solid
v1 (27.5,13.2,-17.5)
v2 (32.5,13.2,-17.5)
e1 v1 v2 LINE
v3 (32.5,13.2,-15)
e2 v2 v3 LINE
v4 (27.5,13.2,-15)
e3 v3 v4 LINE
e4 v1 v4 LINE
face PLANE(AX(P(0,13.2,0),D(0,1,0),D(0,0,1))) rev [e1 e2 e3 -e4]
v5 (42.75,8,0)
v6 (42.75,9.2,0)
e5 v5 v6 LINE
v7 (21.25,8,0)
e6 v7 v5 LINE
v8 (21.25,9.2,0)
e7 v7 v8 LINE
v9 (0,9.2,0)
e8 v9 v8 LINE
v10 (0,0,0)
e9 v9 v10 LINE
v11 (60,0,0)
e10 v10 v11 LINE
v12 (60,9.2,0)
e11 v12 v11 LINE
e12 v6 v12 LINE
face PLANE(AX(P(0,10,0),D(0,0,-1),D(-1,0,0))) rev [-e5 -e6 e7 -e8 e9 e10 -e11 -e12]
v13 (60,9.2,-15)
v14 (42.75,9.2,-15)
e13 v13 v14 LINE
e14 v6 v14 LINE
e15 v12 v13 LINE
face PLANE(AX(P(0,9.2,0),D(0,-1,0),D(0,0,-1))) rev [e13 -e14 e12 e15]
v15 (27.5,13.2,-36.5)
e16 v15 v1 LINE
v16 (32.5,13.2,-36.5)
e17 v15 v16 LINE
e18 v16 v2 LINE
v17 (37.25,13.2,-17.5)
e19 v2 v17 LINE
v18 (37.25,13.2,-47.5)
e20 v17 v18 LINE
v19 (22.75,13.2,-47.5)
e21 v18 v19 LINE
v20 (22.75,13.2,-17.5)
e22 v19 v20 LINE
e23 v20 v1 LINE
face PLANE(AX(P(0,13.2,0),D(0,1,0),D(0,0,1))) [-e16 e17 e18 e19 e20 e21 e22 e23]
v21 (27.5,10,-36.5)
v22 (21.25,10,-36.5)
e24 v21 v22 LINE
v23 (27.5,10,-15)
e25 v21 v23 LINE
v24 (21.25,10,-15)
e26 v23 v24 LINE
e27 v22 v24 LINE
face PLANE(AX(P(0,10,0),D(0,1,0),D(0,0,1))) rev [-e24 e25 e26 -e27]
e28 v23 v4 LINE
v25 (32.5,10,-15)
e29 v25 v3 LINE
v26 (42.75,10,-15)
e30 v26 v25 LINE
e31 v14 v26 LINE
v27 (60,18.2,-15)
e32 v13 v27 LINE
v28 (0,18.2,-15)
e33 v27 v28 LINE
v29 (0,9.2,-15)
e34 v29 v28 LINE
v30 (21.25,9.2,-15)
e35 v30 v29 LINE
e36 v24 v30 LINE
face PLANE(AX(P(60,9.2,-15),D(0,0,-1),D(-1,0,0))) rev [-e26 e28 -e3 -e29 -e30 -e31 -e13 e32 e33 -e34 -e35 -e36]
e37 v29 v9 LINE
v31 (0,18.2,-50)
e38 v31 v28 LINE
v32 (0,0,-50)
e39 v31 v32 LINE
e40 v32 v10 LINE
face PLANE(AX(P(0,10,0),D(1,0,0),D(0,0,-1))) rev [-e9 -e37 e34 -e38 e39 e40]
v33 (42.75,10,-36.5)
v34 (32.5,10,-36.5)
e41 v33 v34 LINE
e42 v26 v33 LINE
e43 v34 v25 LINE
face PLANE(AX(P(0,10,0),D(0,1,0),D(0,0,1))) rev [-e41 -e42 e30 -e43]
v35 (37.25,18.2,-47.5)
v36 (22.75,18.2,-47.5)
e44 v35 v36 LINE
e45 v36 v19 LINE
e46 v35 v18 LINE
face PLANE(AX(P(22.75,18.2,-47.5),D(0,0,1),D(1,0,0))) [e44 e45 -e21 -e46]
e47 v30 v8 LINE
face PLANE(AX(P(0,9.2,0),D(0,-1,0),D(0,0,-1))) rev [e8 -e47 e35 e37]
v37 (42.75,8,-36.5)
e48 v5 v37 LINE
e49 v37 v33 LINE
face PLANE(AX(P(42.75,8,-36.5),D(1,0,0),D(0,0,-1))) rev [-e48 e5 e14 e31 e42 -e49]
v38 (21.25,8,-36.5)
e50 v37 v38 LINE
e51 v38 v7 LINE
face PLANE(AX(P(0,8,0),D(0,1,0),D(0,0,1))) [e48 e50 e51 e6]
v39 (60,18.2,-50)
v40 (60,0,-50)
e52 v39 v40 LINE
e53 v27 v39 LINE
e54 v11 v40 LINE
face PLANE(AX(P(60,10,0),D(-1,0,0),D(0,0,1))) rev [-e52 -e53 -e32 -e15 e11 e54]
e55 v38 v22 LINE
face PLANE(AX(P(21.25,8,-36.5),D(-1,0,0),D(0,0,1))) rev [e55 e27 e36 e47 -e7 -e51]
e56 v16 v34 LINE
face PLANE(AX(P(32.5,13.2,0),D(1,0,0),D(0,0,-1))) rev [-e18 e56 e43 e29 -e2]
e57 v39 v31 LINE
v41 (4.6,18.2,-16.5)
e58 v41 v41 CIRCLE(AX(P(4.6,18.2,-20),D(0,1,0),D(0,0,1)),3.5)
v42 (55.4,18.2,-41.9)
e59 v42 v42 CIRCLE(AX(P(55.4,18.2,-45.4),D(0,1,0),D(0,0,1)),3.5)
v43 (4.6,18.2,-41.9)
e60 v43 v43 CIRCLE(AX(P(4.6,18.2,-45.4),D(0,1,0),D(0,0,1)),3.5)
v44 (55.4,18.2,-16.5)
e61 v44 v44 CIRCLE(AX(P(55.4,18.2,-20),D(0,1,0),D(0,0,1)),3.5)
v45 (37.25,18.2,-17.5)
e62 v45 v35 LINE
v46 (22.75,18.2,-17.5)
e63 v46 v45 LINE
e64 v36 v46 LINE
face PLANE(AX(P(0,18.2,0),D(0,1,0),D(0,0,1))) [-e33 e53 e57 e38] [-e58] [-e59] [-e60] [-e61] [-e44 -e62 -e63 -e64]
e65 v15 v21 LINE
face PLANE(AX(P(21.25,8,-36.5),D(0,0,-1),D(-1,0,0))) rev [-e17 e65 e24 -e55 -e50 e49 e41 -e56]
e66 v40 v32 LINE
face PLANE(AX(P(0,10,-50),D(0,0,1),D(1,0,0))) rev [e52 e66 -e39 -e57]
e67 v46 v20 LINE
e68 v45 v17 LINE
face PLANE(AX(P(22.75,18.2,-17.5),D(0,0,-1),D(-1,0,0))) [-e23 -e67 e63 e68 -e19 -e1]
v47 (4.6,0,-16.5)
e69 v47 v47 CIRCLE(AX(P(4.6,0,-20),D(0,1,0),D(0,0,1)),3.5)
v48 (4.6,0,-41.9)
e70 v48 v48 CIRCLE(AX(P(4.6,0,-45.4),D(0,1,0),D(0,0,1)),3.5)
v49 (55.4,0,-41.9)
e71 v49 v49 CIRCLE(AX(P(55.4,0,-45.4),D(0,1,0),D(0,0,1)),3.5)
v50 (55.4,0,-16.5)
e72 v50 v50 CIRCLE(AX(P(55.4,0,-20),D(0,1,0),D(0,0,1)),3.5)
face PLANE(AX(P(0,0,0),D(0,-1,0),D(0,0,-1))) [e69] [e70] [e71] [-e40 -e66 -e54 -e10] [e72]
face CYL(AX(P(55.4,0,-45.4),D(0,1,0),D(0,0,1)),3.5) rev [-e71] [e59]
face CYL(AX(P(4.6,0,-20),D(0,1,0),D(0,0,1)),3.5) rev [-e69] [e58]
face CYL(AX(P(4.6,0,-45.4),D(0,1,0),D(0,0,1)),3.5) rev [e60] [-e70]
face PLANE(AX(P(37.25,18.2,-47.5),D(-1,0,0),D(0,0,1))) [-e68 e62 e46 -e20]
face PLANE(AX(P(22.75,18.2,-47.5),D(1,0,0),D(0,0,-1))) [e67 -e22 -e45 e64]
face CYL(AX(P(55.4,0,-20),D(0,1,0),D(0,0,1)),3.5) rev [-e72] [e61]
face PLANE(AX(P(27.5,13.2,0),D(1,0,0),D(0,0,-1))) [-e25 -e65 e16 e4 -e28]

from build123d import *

# Parameters (mm, degrees)
SKETCH2_W               = 60
SKETCH2_H               = 50
BOSS_EXTRUDE1_DEPTH     = 10
SKETCH3_W               = 21.5
SKETCH3_H               = 36.5
CUT_EXTRUDE2_DEPTH      = 2
BOSS_EXTRUDE2_DEPTH     = 3.2
SKETCH5_W               = 60
SKETCH5_H               = 50
SKETCH5_W_2             = 14.5
SKETCH5_H_2             = 30
BOSS_EXTRUDE3_DEPTH     = 5
SKETCH1_R               = 3.5
CUT_EXTRUDE1_DEPTH      = 80.210100366
CUT_EXTRUDE1_DEPTH_BACK = 80.210100366
SKETCH7_W               = 60
SKETCH7_H               = 15
CUT_EXTRUDE3_DEPTH      = 9


with BuildPart() as part:
    # Sketch2 → Boss-Extrude1 (new body)
    with BuildSketch(Plane(origin=(0, 0, 0), x_dir=(1, 0, 0), z_dir=(0, 1, 0))):
        with Locations((30, 25)):
            Rectangle(SKETCH2_W, SKETCH2_H)
    extrude(amount=BOSS_EXTRUDE1_DEPTH)

    # Sketch3 → Cut-Extrude2 (cut)
    with BuildSketch(Plane(origin=(0, 10, 0), x_dir=(1, 0, 0), z_dir=(0, 1, 0))):
        with Locations((32, 18.25)):
            Rectangle(SKETCH3_W, SKETCH3_H)
    extrude(amount=-CUT_EXTRUDE2_DEPTH, mode=Mode.SUBTRACT)

    # Sketch4 → Boss-Extrude2 (add)
    with BuildSketch(Plane(origin=(0, 10, 0), x_dir=(1, 0, 0), z_dir=(0, 1, 0))):
        Polygon((27.5, 0), (27.5, 36.5), (32.5, 36.5), (32.5, 0), (60, 0), (60, 50), (0, 50), (0, 0), align=None)
    extrude(amount=BOSS_EXTRUDE2_DEPTH)

    # Sketch5 → Boss-Extrude3 (add)
    with BuildSketch(Plane(origin=(0, 13.2, 0), x_dir=(1, 0, 0), z_dir=(0, 1, 0))):
        with Locations((30, 25)):
            Rectangle(SKETCH5_W, SKETCH5_H)
        with Locations((30, 32.5)):
            Rectangle(SKETCH5_W_2, SKETCH5_H_2, mode=Mode.SUBTRACT)
    extrude(amount=BOSS_EXTRUDE3_DEPTH)

    # Sketch1 → Cut-Extrude1 (cut, two sides)
    with BuildSketch(Plane(origin=(0, 13.2, 0), x_dir=(1, 0, 0), z_dir=(0, 1, 0))) as cut_extrude1_sk:
        with BuildLine():
            Line((4.6, 48.9), (4.6, 45.4))
            Line((4.6, 45.4), (1.1, 45.4))
            ThreePointArc((1.1, 45.4), (4.6, 41.9), (8.1, 45.4))
            ThreePointArc((8.1, 45.4), (7.074873734, 47.874873734), (4.6, 48.9))
        make_face()
        with BuildLine():
            Line((1.1, 45.4), (4.6, 45.4))
            Line((4.6, 45.4), (4.6, 48.9))
            ThreePointArc((4.6, 48.9), (2.125126266, 47.874873734), (1.1, 45.4))
        make_face()
        with Locations(Location((55.4, 45.4, 0), (0, 0, 270))):
            Circle(SKETCH1_R)
        with Locations(Location((4.6, 20, 0), (0, 0, 270))):
            Circle(SKETCH1_R)
        with Locations(Location((55.4, 20, 0), (0, 0, 270))):
            Circle(SKETCH1_R)
    extrude(amount=CUT_EXTRUDE1_DEPTH, mode=Mode.SUBTRACT)
    extrude(cut_extrude1_sk.sketch, amount=-CUT_EXTRUDE1_DEPTH_BACK, mode=Mode.SUBTRACT)

    # Sketch7 → Cut-Extrude3 (cut)
    with BuildSketch(Plane(origin=(0, 18.2, 0), x_dir=(1, 0, 0), z_dir=(0, 1, 0))):
        with Locations((30, 7.5)):
            Rectangle(SKETCH7_W, SKETCH7_H)
    extrude(amount=-CUT_EXTRUDE3_DEPTH, mode=Mode.SUBTRACT)


solid = part.part
